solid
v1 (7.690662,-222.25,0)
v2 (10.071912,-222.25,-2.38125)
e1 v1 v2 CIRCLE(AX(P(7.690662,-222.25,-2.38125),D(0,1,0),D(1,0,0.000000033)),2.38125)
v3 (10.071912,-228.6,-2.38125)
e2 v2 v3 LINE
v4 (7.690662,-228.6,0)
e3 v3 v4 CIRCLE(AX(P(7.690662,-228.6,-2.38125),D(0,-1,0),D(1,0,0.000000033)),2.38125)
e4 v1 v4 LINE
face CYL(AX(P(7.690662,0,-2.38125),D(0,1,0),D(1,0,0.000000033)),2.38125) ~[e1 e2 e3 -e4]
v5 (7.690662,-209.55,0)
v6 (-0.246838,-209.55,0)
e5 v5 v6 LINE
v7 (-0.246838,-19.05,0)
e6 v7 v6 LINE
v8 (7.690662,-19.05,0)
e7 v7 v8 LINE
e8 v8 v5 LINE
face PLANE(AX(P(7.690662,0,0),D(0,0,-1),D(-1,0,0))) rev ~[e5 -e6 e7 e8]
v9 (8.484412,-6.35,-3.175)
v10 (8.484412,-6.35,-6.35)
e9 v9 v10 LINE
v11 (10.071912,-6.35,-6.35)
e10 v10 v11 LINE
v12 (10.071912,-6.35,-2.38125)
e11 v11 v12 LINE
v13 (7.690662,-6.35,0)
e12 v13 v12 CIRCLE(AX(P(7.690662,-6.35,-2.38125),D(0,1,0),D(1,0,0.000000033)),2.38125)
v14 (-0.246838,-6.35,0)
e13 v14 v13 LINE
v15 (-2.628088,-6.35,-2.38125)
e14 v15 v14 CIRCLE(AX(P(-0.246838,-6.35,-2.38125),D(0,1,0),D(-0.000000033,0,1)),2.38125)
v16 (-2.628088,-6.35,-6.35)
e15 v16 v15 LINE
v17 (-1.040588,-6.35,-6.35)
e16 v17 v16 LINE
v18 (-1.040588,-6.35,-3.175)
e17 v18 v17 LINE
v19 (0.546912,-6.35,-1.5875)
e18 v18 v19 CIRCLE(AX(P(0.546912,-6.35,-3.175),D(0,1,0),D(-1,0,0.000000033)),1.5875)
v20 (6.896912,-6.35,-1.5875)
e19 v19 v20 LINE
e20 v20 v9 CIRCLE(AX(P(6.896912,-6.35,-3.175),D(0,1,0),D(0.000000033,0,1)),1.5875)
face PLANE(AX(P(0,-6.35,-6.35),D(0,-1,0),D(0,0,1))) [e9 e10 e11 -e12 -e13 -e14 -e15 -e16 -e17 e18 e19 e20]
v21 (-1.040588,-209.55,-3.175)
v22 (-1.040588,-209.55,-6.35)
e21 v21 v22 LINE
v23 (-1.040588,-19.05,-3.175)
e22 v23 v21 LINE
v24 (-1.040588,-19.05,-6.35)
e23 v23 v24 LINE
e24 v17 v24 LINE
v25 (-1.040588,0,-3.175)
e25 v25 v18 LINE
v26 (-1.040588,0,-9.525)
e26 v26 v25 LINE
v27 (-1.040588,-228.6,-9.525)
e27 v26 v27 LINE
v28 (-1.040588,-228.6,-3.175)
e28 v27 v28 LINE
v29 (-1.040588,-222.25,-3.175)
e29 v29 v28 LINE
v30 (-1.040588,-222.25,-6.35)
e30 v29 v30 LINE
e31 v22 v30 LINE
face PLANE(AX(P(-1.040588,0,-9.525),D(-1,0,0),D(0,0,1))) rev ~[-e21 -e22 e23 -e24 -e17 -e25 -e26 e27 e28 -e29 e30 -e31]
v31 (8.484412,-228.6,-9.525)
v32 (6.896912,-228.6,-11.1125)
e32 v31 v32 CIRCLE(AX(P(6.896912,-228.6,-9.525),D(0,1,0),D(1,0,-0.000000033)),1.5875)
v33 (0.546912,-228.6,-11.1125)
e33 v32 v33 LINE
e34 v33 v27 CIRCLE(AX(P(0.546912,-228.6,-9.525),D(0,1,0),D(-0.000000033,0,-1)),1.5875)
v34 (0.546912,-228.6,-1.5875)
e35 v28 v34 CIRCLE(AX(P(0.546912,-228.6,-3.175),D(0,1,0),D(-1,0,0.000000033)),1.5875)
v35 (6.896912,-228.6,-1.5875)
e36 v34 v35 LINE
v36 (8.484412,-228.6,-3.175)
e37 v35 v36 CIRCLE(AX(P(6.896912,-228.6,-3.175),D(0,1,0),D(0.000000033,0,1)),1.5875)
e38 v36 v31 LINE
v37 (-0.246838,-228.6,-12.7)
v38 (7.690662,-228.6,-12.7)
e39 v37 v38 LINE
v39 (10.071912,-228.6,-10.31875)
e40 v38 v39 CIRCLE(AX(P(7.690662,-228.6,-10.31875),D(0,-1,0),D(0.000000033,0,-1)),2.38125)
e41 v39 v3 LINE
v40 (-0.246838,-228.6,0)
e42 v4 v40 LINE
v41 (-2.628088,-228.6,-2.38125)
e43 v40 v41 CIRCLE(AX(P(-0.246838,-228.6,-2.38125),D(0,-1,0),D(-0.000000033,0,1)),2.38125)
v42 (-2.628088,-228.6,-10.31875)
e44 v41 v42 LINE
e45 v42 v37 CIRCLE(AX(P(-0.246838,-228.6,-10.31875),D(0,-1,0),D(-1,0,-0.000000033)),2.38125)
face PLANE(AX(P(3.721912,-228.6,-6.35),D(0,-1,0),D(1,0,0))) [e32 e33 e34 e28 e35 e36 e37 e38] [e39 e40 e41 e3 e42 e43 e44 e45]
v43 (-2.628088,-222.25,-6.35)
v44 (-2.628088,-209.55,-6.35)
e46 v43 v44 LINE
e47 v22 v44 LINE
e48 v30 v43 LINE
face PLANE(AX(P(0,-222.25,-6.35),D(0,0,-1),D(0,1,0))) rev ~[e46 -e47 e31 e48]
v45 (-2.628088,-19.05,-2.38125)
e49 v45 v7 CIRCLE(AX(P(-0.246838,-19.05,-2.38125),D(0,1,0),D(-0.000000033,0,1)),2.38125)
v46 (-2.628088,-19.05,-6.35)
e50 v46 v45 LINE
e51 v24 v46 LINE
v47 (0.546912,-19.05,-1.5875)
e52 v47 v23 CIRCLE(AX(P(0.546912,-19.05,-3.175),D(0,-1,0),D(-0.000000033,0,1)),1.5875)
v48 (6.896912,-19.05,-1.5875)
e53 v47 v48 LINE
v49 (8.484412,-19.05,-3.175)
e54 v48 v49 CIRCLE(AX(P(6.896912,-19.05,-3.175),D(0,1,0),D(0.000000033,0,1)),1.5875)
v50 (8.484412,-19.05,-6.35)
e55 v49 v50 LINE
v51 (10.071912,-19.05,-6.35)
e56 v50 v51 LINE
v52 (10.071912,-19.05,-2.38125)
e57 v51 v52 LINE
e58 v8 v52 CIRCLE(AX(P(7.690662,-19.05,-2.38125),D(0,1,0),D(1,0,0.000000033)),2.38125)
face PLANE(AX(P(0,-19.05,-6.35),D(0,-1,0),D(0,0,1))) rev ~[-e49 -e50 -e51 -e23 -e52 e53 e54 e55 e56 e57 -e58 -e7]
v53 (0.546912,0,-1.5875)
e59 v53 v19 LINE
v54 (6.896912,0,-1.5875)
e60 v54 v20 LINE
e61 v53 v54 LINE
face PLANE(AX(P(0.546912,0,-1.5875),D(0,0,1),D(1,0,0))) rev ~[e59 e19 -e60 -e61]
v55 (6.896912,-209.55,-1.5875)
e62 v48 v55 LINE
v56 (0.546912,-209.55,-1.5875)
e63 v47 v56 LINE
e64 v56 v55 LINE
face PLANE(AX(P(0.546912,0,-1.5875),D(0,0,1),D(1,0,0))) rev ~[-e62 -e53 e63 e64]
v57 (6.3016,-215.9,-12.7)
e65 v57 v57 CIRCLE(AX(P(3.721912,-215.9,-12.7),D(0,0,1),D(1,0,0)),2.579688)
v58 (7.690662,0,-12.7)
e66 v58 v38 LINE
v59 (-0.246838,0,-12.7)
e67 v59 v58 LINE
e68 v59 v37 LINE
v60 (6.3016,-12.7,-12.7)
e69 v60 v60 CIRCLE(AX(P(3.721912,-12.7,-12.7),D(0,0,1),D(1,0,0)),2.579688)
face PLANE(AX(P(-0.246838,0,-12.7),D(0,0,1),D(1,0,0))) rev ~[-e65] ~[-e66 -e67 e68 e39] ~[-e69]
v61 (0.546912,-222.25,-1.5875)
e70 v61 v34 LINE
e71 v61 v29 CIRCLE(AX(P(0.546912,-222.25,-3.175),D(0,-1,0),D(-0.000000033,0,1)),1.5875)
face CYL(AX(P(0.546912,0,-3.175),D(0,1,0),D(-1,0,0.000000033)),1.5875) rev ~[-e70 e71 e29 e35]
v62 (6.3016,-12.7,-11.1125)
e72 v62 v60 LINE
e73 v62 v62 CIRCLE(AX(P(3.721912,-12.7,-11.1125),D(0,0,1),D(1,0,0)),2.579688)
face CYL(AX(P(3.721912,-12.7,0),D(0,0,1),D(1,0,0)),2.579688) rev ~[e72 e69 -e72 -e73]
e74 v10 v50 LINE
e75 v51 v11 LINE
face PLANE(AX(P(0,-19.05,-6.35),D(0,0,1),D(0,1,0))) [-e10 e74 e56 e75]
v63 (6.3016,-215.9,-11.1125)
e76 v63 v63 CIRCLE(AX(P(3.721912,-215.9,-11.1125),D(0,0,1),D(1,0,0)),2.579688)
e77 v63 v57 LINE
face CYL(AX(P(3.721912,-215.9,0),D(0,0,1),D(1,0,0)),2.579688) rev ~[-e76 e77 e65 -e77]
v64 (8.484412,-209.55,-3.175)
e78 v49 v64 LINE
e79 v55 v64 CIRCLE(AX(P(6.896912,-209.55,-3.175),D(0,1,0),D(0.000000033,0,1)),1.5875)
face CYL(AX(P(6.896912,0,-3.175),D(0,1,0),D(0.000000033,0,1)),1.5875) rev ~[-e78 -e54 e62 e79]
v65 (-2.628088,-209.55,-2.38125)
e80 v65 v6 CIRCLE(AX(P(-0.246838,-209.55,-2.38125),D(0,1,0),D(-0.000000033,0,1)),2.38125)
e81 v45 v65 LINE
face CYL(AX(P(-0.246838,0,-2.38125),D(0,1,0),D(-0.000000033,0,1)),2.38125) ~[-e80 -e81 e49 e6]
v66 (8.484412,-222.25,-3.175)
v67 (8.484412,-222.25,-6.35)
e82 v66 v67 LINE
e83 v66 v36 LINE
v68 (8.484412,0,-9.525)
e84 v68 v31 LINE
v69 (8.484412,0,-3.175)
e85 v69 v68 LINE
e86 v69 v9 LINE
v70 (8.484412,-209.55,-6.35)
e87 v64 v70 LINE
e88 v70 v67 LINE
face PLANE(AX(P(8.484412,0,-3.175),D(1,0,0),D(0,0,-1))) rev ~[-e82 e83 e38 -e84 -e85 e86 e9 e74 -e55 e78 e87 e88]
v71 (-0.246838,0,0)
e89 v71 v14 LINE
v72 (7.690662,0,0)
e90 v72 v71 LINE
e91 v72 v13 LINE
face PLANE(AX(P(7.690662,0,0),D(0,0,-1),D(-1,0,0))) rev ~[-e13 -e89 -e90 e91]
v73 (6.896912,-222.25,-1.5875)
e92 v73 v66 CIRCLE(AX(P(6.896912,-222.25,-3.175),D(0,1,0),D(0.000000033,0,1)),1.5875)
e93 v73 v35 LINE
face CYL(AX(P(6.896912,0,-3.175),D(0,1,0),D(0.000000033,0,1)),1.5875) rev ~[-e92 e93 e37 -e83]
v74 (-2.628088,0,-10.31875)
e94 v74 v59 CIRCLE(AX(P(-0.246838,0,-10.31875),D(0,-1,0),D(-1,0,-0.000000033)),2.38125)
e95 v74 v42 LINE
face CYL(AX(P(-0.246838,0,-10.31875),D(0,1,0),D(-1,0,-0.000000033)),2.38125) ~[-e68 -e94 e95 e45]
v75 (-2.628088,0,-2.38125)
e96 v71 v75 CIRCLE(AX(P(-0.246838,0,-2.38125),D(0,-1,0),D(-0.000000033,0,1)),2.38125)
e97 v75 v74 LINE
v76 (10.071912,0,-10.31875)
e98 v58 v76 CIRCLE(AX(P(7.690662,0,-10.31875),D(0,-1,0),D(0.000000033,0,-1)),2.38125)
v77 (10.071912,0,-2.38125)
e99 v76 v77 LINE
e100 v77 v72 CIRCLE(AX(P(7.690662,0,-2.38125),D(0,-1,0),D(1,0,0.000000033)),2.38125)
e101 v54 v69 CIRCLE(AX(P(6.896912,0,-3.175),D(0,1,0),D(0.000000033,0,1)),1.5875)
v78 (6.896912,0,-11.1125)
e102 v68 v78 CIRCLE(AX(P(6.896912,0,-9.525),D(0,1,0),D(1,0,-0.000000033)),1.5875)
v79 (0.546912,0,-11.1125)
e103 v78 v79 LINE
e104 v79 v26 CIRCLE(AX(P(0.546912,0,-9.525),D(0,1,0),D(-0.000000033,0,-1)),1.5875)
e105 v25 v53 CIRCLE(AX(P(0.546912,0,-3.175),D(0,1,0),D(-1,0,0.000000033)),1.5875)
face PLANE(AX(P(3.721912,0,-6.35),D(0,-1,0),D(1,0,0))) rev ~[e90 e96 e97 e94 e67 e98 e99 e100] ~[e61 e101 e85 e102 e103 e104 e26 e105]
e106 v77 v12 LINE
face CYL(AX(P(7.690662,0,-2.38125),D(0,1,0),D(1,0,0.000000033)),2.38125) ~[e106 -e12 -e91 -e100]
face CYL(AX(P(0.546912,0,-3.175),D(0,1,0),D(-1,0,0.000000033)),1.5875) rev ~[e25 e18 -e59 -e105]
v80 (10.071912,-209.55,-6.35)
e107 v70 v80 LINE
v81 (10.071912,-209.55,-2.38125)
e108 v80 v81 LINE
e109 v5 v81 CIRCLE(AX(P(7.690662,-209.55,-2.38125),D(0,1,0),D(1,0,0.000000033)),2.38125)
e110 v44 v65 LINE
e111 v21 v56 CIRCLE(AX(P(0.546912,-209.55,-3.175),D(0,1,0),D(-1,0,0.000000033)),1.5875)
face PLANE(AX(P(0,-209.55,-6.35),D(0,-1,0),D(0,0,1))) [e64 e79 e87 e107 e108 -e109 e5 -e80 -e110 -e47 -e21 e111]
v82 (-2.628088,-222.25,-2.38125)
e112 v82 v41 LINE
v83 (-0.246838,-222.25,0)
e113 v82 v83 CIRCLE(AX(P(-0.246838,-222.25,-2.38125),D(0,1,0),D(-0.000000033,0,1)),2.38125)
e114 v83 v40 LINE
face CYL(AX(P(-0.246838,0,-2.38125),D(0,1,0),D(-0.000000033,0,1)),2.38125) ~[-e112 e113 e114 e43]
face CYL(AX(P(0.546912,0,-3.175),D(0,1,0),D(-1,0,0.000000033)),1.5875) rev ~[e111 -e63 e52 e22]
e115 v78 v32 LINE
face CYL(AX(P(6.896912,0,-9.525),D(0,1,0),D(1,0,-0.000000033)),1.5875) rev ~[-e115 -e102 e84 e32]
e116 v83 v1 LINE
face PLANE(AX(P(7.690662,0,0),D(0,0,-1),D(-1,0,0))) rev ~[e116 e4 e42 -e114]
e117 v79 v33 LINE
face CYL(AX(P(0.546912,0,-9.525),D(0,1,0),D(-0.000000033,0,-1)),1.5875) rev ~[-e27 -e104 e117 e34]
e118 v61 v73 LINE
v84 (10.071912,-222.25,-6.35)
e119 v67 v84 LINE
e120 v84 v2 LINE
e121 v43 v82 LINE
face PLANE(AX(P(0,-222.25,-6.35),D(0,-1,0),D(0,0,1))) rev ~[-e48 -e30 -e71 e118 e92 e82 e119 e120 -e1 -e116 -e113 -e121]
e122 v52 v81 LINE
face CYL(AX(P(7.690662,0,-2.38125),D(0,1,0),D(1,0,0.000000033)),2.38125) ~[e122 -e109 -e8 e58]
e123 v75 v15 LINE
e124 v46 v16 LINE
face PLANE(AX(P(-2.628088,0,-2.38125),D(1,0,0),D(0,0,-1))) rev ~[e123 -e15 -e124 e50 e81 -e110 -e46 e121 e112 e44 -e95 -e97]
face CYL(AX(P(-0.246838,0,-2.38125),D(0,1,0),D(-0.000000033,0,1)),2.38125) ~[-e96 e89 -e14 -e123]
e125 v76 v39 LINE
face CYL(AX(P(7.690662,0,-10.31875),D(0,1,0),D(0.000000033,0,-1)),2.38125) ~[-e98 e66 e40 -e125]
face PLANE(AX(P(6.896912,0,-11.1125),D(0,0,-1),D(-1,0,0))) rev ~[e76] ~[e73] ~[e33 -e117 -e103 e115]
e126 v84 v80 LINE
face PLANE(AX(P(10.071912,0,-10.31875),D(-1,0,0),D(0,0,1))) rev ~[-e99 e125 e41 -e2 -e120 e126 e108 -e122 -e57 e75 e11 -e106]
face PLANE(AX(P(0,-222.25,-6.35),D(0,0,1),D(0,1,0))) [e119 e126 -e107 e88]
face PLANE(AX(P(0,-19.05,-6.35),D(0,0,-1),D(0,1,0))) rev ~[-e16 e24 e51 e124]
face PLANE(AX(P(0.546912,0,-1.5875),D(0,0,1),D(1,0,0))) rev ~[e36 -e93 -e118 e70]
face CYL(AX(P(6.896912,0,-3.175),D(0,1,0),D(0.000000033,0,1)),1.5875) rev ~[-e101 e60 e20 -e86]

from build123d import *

# Parameters (mm, degrees)
F1_DEPTH      = 228.6
F2_W          = 12.7
F2_H          = 6.35
F3_DEPTH      = 11.938
F3_DEPTH_BACK = 25.4
F4_R          = 2.579688
F5_DEPTH      = 12.7


with BuildPart() as f1:
    # F0 (on Front) → F1 (new body)
    with BuildSketch(Plane.XZ):
        with BuildLine():
            ThreePointArc((10.071912, -2.38125), (9.37446, -0.697452), (7.690662, 0))
            Line((7.690662, 0), (-0.246838, 0))
            ThreePointArc((-0.246838, 0), (-1.930636, -0.697452), (-2.628088, -2.38125))
            Line((-2.628088, -2.38125), (-2.628088, -10.31875))
            ThreePointArc((-2.628088, -10.31875), (-1.930636, -12.002548), (-0.246838, -12.7))
            Line((-0.246838, -12.7), (7.690662, -12.7))
            ThreePointArc((7.690662, -12.7), (9.37446, -12.002548), (10.071912, -10.31875))
            Line((10.071912, -10.31875), (10.071912, -2.38125))
        make_face()
        with BuildLine():
            Line((0.546912, -1.5875), (6.896912, -1.5875))
            ThreePointArc((6.896912, -1.5875), (8.019444, -2.052468), (8.484412, -3.175))
            Line((8.484412, -3.175), (8.484412, -9.525))
            ThreePointArc((8.484412, -9.525), (8.019444, -10.647532), (6.896912, -11.1125))
            Line((6.896912, -11.1125), (0.546912, -11.1125))
            ThreePointArc((0.546912, -11.1125), (-0.57562, -10.647532), (-1.040588, -9.525))
            Line((-1.040588, -9.525), (-1.040588, -3.175))
            ThreePointArc((-1.040588, -3.175), (-0.57562, -2.052468), (0.546912, -1.5875))
        make_face(mode=Mode.SUBTRACT)
    extrude(amount=F1_DEPTH)

    # F2 (on Right) → F3 (cut, two sides)
    with BuildSketch(Plane.YZ) as f3_sk:
        with Locations((-215.9, -3.175)):
            Rectangle(F2_W, F2_H)
        with Locations((-12.7, -3.175)):
            Rectangle(F2_W, F2_H)
    extrude(amount=F3_DEPTH, mode=Mode.SUBTRACT)
    extrude(f3_sk.sketch, amount=-F3_DEPTH_BACK, mode=Mode.SUBTRACT)

    # F4 (on Top) → F5 (cut)
    with BuildSketch(Plane.XY):
        with Locations((3.721912, -12.7)):
            Circle(F4_R)
        with Locations((3.721912, -215.9)):
            Circle(F4_R)
    extrude(amount=-F5_DEPTH, mode=Mode.SUBTRACT)


solid = f1.part
